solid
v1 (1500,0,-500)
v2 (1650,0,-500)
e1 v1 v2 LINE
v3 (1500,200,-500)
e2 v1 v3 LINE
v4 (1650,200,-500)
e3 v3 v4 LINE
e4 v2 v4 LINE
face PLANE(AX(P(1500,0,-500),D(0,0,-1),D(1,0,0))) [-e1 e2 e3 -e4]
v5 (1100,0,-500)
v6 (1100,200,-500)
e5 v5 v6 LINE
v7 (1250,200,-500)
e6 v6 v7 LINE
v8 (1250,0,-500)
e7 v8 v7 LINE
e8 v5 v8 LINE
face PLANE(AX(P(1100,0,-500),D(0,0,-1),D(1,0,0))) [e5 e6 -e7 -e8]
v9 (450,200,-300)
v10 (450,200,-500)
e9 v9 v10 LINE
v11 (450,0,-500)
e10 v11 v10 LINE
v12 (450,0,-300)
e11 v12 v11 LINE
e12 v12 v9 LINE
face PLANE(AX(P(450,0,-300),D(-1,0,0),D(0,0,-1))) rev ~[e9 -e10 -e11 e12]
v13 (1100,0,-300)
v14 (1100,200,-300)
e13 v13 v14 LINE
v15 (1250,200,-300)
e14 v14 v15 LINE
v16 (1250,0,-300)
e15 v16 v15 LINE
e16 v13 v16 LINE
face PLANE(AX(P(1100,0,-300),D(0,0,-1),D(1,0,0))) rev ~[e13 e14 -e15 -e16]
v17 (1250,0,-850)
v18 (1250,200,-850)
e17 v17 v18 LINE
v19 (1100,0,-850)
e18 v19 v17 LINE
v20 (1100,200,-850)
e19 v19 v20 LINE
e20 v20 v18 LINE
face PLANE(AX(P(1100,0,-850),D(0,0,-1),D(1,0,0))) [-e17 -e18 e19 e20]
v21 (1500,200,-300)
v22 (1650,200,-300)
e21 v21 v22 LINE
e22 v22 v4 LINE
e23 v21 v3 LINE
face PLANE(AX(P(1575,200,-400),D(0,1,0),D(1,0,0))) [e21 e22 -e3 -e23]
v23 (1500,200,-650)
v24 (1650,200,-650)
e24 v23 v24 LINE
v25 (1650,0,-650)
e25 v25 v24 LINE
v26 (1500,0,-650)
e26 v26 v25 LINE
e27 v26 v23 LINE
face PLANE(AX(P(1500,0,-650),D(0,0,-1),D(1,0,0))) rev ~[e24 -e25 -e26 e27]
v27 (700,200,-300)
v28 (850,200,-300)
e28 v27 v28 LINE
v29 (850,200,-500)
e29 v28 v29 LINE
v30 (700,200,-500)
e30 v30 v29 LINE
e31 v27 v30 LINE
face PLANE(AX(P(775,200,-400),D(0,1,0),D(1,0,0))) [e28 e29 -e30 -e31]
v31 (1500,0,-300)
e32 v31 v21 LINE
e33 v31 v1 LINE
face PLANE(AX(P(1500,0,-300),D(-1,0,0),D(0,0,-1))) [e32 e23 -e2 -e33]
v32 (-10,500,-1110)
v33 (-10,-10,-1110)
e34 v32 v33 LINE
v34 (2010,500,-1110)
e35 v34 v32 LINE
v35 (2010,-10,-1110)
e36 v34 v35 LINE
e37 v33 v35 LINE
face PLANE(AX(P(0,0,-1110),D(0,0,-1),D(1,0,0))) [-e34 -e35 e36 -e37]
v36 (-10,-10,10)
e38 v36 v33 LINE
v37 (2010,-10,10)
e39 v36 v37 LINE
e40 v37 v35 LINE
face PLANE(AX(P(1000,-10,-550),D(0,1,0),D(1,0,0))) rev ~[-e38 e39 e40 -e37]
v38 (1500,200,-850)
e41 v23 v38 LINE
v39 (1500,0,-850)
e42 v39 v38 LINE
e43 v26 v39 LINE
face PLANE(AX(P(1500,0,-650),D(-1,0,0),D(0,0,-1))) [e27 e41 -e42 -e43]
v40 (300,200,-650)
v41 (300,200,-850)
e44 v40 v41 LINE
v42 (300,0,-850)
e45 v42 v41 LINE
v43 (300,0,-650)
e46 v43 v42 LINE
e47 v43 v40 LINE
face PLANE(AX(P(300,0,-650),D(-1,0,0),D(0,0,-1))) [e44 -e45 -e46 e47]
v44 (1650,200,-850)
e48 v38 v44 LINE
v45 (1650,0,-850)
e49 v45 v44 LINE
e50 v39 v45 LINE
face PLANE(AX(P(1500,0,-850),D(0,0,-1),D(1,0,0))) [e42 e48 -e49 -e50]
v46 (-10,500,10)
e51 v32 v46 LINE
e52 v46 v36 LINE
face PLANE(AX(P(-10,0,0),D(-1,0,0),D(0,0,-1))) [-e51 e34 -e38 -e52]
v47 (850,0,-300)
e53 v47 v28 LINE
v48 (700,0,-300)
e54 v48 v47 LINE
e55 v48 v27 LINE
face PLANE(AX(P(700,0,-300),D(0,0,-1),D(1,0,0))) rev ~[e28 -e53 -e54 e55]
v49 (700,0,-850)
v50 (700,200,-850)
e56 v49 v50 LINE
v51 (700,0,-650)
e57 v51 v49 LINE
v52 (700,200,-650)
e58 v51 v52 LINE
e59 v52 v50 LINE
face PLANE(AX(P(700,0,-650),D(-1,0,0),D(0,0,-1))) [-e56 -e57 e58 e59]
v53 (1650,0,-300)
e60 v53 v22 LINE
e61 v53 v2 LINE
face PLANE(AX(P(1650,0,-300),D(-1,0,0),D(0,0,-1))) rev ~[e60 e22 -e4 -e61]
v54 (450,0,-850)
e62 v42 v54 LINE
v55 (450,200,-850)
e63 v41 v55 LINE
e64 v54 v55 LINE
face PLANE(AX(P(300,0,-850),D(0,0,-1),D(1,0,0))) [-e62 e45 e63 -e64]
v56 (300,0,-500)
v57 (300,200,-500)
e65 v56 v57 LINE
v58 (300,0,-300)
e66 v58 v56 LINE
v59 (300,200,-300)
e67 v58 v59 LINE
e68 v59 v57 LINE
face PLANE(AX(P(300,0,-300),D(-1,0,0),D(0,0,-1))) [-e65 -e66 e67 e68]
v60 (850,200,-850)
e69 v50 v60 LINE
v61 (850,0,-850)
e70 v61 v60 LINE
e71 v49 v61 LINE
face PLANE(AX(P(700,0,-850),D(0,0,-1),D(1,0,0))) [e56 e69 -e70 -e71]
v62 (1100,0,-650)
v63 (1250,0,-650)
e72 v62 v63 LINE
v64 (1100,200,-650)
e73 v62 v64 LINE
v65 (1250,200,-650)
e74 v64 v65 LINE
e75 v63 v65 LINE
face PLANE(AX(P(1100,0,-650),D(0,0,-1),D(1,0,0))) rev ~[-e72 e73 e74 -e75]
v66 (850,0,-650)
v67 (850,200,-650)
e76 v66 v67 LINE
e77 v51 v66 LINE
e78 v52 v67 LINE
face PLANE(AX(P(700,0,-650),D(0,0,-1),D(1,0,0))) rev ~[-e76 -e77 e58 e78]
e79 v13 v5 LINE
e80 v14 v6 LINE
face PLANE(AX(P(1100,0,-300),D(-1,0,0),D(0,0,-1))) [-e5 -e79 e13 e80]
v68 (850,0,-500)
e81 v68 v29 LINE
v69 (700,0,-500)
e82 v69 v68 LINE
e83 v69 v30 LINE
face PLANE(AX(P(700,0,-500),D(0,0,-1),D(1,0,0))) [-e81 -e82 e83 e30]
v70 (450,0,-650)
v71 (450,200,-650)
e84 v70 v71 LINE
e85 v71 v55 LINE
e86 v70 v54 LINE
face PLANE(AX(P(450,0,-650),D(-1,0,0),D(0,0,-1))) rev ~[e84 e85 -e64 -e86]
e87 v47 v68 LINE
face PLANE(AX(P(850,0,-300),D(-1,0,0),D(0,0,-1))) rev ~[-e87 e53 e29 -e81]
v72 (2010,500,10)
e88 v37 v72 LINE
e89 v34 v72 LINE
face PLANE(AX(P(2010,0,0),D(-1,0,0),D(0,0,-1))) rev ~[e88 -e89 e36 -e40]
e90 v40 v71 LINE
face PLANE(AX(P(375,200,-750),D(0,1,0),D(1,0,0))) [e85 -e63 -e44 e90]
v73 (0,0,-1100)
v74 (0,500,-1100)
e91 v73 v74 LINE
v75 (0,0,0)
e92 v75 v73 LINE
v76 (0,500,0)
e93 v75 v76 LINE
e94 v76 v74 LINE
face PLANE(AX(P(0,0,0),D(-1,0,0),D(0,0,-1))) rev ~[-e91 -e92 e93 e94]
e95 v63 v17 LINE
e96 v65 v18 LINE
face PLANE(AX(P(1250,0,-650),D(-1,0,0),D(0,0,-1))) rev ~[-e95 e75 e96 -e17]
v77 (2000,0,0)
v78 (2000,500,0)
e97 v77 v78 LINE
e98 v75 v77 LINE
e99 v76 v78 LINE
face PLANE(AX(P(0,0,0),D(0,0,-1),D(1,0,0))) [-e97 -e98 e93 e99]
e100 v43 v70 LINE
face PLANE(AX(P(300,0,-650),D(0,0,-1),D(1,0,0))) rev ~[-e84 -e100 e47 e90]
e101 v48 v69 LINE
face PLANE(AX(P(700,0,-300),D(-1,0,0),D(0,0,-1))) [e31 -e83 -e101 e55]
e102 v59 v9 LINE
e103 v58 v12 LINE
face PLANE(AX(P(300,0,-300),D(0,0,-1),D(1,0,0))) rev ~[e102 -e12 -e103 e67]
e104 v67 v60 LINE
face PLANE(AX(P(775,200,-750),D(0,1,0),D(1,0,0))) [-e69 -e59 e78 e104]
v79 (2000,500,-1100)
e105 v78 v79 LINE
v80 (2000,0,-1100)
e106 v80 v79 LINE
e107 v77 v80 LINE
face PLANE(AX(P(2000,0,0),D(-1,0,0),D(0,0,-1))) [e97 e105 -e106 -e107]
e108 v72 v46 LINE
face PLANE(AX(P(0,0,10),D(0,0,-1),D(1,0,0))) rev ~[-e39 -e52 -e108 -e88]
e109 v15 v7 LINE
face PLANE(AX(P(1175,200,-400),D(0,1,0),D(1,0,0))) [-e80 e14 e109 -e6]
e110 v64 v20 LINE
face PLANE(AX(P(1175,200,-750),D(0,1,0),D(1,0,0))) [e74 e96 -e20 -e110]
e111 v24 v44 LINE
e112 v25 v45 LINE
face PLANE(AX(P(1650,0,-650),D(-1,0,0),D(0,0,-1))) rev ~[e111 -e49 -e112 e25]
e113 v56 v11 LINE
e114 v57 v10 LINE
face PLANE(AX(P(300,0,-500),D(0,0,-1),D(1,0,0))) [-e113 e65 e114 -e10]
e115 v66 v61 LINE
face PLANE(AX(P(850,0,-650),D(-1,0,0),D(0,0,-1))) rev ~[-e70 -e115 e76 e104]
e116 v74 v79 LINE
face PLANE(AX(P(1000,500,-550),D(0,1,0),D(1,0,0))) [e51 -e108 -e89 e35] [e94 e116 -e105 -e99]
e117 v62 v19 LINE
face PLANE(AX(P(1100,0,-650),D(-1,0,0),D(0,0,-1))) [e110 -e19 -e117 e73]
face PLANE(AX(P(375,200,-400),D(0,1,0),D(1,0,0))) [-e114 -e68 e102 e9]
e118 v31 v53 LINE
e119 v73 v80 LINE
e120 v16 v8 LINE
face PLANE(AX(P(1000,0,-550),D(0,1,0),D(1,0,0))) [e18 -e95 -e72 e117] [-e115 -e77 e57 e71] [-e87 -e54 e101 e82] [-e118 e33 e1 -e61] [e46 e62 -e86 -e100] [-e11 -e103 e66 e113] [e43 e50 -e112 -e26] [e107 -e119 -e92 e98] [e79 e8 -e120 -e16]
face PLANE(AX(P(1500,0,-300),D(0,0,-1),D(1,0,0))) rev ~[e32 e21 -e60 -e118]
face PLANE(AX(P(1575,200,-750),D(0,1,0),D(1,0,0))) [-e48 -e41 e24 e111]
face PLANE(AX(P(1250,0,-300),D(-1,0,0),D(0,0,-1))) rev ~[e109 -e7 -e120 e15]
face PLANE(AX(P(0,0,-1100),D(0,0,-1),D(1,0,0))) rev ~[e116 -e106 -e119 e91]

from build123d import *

# Parameters (mm, degrees)
SKETCH1_W            = 2000
SKETCH1_H            = 1100
BOSS_EXTRUDE1_DEPTH  = 500
SHELL1_T             = 10
SKETCH2_W            = 150
SKETCH2_H            = 200
BOSS_EXTRUDE2_DEPTH  = 200
LPATTERN1_COUNT      = 4
LPATTERN1_PITCH      = 400
LPATTERN1_COUNT_DIR2 = 2
LPATTERN1_PITCH_DIR2 = 350


with BuildPart() as part:
    # Sketch1 → Boss-Extrude1 (new body)
    with BuildSketch(Plane(origin=(0, 0, 0), x_dir=(1, 0, 0), z_dir=(0, 1, 0))):
        with Locations((1000, 550)):
            Rectangle(SKETCH1_W, SKETCH1_H)
    extrude(amount=BOSS_EXTRUDE1_DEPTH)

    # Shell1
    shell1_openings = [part.faces().sort_by_distance(p)[0] for p in [
        (1000, 500, -550),
    ]]
    offset(amount=SHELL1_T, openings=shell1_openings, kind=Kind.INTERSECTION)

    # Sketch2 → Boss-Extrude2 (add)
    with BuildSketch(Plane(origin=(0, 0, 0), x_dir=(1, 0, 0), z_dir=(0, 1, 0))):
        with Locations((375, 400)):
            Rectangle(SKETCH2_W, SKETCH2_H)
    boss_extrude2 = extrude(amount=BOSS_EXTRUDE2_DEPTH)

    # LPattern1: Boss-Extrude2 4 × 2
    with Locations(*[(i * LPATTERN1_PITCH, 0, -j * LPATTERN1_PITCH_DIR2) for i in range(LPATTERN1_COUNT) for j in range(LPATTERN1_COUNT_DIR2) if (i, j) != (0, 0)]):
        add(boss_extrude2)


solid = part.part
